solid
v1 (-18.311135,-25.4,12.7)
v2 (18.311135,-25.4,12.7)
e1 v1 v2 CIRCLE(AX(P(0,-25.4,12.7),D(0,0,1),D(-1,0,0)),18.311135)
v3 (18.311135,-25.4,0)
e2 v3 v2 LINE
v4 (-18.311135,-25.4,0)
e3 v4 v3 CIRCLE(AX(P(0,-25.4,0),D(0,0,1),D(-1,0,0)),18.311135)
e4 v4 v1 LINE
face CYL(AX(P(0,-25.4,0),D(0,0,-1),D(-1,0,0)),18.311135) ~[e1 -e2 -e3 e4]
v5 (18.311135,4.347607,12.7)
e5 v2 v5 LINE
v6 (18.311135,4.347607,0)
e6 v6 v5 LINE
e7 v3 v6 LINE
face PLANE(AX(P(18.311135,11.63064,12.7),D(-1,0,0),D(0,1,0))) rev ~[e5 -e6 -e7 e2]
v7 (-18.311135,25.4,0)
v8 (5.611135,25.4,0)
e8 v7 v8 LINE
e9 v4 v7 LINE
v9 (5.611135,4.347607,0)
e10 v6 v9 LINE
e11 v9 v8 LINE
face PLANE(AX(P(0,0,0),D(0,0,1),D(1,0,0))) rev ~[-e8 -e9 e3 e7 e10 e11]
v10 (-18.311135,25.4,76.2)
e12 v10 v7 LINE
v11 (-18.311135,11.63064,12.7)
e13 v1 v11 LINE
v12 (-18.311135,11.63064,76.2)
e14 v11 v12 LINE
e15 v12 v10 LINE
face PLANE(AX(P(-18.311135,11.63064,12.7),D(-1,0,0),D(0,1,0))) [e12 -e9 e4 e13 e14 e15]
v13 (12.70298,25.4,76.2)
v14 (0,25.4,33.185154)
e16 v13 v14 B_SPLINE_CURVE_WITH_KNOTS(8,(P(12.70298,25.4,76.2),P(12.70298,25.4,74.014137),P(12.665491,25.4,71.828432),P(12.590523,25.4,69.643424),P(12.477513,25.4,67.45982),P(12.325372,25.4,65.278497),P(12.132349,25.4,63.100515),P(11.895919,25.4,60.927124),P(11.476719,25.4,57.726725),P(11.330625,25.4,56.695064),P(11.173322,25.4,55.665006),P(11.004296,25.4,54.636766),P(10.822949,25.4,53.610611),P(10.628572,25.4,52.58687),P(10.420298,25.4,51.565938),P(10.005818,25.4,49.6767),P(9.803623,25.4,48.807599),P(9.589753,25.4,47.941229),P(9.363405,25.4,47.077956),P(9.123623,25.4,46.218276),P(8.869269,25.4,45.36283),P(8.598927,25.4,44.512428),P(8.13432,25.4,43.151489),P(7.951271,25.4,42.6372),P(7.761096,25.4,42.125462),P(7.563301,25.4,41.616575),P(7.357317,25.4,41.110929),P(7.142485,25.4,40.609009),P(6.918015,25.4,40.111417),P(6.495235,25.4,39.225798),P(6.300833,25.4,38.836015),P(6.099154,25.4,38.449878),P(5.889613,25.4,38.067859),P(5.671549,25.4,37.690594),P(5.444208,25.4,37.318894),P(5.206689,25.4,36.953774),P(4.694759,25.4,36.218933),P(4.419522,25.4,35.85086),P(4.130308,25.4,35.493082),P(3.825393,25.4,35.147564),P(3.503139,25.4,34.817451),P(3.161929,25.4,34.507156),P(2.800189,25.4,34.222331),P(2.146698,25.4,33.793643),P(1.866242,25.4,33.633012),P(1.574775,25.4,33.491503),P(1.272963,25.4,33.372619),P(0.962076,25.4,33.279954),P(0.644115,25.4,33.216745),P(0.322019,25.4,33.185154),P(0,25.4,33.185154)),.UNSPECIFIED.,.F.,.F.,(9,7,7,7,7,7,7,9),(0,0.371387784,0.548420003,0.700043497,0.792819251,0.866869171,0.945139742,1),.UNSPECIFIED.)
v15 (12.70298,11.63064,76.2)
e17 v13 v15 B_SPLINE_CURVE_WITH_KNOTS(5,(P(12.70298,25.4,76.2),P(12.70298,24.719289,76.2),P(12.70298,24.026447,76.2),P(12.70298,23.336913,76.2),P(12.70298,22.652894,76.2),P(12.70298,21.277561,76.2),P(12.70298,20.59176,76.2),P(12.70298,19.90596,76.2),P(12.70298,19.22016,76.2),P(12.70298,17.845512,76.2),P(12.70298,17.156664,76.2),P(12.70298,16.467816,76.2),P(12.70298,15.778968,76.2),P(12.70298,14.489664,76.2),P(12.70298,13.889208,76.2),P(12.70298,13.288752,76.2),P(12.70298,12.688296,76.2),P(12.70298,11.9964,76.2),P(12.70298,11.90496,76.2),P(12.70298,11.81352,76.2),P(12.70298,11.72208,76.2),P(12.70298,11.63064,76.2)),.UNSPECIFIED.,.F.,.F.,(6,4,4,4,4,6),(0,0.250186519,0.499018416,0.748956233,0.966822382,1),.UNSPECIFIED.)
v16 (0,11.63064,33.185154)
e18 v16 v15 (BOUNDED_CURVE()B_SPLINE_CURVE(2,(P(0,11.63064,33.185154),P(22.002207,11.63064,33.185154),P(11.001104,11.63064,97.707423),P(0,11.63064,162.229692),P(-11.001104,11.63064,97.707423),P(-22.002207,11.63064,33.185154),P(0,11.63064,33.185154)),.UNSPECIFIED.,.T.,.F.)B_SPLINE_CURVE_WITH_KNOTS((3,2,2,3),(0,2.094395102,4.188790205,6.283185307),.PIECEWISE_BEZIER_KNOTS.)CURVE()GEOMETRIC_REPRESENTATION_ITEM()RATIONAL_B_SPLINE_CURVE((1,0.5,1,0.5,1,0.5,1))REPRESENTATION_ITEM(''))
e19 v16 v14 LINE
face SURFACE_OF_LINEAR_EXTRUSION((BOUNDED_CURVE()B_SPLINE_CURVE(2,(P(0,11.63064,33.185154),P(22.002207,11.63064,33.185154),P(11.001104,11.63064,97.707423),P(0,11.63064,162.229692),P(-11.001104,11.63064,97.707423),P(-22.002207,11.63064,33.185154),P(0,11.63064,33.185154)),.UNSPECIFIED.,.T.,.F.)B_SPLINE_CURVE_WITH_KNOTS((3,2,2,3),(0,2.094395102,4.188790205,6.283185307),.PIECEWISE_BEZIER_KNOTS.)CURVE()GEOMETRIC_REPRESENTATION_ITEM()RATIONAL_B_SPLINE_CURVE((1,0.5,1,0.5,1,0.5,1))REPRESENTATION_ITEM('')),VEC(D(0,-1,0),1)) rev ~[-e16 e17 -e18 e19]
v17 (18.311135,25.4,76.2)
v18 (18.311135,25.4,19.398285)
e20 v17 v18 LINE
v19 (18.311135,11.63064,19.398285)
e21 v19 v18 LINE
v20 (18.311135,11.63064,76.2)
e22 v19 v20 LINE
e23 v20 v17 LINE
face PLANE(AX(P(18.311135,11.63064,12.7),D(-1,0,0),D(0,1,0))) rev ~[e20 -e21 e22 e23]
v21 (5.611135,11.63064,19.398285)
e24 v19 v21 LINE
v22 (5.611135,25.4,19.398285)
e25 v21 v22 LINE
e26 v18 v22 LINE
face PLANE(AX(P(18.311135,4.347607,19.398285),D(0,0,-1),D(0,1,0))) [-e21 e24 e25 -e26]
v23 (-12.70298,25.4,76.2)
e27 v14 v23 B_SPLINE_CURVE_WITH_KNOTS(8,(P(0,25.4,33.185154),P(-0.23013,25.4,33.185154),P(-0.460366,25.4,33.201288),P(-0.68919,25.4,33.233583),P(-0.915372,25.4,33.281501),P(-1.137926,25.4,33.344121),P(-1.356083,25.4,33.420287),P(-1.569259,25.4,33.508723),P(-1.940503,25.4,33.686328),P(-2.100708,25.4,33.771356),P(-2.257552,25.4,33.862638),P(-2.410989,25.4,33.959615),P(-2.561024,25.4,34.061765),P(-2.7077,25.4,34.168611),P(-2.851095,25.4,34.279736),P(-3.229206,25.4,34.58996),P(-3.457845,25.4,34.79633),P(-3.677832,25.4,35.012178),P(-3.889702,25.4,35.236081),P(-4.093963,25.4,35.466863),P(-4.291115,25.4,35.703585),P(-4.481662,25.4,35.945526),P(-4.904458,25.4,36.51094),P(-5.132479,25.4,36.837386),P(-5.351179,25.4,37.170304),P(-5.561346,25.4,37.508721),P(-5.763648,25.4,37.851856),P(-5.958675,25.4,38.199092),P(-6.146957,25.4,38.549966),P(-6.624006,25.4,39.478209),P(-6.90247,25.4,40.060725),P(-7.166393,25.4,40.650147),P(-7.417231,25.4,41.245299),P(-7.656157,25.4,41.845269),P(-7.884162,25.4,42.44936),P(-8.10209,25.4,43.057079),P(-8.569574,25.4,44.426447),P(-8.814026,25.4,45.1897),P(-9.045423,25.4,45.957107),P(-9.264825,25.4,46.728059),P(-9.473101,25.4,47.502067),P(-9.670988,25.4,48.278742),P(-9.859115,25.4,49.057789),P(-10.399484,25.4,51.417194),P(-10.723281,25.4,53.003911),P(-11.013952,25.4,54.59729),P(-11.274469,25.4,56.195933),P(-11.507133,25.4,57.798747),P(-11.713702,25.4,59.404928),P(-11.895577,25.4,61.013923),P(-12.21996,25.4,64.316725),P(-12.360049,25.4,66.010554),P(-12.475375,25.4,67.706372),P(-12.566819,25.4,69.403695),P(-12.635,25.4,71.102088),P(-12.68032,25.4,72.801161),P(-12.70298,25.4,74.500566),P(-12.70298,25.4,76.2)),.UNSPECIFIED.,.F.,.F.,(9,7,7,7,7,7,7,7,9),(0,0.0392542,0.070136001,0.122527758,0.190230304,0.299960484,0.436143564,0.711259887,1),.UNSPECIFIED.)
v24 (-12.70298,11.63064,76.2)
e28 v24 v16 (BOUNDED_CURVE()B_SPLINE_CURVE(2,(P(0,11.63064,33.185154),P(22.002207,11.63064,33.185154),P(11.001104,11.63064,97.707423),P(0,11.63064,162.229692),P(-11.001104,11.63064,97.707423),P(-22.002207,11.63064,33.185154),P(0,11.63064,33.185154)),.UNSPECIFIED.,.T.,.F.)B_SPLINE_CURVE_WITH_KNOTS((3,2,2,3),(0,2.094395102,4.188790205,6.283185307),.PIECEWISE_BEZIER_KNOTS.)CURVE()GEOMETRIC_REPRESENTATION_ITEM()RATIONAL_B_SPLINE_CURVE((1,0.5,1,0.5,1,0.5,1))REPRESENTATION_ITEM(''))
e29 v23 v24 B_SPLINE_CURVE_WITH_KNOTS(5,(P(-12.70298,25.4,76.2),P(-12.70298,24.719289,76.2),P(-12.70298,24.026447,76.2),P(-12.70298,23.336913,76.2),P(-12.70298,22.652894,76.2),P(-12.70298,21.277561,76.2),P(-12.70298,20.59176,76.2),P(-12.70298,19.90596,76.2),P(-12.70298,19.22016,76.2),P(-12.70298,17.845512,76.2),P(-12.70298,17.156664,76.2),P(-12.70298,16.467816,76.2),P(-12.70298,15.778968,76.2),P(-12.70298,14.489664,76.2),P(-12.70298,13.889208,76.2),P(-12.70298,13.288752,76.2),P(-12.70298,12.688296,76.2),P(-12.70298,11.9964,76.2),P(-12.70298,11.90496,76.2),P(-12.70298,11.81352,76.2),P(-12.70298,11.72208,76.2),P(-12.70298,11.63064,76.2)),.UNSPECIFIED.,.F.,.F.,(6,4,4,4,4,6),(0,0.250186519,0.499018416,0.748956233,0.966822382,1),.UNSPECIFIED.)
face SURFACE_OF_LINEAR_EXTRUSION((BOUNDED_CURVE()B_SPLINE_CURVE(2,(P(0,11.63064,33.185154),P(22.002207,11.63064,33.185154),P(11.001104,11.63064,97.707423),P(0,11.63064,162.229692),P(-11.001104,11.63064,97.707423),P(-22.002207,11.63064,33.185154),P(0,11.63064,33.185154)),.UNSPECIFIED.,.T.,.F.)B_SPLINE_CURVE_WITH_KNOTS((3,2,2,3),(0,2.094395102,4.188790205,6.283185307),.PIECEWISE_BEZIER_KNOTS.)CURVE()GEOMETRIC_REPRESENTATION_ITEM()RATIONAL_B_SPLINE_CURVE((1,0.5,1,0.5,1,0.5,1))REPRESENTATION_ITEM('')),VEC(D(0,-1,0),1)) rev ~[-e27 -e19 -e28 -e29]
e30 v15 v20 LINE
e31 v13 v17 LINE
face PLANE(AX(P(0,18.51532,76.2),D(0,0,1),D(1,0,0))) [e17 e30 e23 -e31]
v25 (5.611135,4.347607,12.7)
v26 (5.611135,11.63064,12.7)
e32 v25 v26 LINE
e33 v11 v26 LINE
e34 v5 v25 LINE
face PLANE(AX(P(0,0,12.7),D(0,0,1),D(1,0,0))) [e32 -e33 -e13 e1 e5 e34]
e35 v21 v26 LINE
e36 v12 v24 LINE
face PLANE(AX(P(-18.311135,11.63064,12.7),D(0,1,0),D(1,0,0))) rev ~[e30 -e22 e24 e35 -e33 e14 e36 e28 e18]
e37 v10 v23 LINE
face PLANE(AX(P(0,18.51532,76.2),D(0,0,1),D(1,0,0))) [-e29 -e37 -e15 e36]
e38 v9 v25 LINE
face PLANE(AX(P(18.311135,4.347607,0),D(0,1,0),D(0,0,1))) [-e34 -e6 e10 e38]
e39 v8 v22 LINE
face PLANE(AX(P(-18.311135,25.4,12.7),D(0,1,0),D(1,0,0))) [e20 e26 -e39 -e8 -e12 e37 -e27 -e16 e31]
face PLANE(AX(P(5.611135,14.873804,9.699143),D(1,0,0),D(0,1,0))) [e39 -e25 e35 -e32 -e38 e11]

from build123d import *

# Parameters (mm, degrees)
F0_W     = 36.6222700901
F0_H     = 50.8
F1_DEPTH = 12.7
F2_W     = 36.6222700901
F2_H     = 13.7693596348
F3_DEPTH = 63.5
F5_DEPTH = 15.24
F6_W     = 21.0523925066
F6_H     = 19.398285076
F7_DEPTH = 12.7


with BuildPart() as f1:
    # F0 (on Top) → F1 (new body)
    with BuildSketch(Plane.XY):
        Rectangle(F0_W, F0_H)
        with BuildLine():
            Line((18.311135045, -25.4), (-18.311135045, -25.4))
            ThreePointArc((-18.311135045, -25.4), (0, -43.711135045), (18.311135045, -25.4))
        make_face()
    extrude(amount=F1_DEPTH)

    # F2 (on face) → F3 (join)
    with BuildSketch(Plane.XY.offset(12.7)):
        with Locations((0, 18.5153201826)):
            Rectangle(F2_W, F2_H)
    extrude(amount=F3_DEPTH)

    # F4 (on face) → F5 (cut)
    with BuildSketch(Plane.XZ.offset(-11.6306403652)):
        with BuildLine():
            add(Edge.make_bspline(
                [(0, 33.1851541996), (22.002207295, 33.1851541996), (11.0011036475, 97.7074229002), (0, 162.2296916008), (-11.0011036475, 97.7074229002), (-22.002207295, 33.1851541996), (0, 33.1851541996)],
                knots=[0, 0, 0, 2.0943951024, 2.0943951024, 4.1887902048, 4.1887902048, 6.2831853072, 6.2831853072, 6.2831853072], degree=2, weights=[1, 0.5, 1, 0.5, 1, 0.5, 1]))
        make_face()
    extrude(amount=-F5_DEPTH, mode=Mode.SUBTRACT)

    # F6 (on face) → F7 (cut)
    with BuildSketch(Plane.YZ.offset(18.311135045)):
        with Locations((14.8738037467, 9.699142538)):
            Rectangle(F6_W, F6_H)
    extrude(amount=-F7_DEPTH, mode=Mode.SUBTRACT)


solid = f1.part
